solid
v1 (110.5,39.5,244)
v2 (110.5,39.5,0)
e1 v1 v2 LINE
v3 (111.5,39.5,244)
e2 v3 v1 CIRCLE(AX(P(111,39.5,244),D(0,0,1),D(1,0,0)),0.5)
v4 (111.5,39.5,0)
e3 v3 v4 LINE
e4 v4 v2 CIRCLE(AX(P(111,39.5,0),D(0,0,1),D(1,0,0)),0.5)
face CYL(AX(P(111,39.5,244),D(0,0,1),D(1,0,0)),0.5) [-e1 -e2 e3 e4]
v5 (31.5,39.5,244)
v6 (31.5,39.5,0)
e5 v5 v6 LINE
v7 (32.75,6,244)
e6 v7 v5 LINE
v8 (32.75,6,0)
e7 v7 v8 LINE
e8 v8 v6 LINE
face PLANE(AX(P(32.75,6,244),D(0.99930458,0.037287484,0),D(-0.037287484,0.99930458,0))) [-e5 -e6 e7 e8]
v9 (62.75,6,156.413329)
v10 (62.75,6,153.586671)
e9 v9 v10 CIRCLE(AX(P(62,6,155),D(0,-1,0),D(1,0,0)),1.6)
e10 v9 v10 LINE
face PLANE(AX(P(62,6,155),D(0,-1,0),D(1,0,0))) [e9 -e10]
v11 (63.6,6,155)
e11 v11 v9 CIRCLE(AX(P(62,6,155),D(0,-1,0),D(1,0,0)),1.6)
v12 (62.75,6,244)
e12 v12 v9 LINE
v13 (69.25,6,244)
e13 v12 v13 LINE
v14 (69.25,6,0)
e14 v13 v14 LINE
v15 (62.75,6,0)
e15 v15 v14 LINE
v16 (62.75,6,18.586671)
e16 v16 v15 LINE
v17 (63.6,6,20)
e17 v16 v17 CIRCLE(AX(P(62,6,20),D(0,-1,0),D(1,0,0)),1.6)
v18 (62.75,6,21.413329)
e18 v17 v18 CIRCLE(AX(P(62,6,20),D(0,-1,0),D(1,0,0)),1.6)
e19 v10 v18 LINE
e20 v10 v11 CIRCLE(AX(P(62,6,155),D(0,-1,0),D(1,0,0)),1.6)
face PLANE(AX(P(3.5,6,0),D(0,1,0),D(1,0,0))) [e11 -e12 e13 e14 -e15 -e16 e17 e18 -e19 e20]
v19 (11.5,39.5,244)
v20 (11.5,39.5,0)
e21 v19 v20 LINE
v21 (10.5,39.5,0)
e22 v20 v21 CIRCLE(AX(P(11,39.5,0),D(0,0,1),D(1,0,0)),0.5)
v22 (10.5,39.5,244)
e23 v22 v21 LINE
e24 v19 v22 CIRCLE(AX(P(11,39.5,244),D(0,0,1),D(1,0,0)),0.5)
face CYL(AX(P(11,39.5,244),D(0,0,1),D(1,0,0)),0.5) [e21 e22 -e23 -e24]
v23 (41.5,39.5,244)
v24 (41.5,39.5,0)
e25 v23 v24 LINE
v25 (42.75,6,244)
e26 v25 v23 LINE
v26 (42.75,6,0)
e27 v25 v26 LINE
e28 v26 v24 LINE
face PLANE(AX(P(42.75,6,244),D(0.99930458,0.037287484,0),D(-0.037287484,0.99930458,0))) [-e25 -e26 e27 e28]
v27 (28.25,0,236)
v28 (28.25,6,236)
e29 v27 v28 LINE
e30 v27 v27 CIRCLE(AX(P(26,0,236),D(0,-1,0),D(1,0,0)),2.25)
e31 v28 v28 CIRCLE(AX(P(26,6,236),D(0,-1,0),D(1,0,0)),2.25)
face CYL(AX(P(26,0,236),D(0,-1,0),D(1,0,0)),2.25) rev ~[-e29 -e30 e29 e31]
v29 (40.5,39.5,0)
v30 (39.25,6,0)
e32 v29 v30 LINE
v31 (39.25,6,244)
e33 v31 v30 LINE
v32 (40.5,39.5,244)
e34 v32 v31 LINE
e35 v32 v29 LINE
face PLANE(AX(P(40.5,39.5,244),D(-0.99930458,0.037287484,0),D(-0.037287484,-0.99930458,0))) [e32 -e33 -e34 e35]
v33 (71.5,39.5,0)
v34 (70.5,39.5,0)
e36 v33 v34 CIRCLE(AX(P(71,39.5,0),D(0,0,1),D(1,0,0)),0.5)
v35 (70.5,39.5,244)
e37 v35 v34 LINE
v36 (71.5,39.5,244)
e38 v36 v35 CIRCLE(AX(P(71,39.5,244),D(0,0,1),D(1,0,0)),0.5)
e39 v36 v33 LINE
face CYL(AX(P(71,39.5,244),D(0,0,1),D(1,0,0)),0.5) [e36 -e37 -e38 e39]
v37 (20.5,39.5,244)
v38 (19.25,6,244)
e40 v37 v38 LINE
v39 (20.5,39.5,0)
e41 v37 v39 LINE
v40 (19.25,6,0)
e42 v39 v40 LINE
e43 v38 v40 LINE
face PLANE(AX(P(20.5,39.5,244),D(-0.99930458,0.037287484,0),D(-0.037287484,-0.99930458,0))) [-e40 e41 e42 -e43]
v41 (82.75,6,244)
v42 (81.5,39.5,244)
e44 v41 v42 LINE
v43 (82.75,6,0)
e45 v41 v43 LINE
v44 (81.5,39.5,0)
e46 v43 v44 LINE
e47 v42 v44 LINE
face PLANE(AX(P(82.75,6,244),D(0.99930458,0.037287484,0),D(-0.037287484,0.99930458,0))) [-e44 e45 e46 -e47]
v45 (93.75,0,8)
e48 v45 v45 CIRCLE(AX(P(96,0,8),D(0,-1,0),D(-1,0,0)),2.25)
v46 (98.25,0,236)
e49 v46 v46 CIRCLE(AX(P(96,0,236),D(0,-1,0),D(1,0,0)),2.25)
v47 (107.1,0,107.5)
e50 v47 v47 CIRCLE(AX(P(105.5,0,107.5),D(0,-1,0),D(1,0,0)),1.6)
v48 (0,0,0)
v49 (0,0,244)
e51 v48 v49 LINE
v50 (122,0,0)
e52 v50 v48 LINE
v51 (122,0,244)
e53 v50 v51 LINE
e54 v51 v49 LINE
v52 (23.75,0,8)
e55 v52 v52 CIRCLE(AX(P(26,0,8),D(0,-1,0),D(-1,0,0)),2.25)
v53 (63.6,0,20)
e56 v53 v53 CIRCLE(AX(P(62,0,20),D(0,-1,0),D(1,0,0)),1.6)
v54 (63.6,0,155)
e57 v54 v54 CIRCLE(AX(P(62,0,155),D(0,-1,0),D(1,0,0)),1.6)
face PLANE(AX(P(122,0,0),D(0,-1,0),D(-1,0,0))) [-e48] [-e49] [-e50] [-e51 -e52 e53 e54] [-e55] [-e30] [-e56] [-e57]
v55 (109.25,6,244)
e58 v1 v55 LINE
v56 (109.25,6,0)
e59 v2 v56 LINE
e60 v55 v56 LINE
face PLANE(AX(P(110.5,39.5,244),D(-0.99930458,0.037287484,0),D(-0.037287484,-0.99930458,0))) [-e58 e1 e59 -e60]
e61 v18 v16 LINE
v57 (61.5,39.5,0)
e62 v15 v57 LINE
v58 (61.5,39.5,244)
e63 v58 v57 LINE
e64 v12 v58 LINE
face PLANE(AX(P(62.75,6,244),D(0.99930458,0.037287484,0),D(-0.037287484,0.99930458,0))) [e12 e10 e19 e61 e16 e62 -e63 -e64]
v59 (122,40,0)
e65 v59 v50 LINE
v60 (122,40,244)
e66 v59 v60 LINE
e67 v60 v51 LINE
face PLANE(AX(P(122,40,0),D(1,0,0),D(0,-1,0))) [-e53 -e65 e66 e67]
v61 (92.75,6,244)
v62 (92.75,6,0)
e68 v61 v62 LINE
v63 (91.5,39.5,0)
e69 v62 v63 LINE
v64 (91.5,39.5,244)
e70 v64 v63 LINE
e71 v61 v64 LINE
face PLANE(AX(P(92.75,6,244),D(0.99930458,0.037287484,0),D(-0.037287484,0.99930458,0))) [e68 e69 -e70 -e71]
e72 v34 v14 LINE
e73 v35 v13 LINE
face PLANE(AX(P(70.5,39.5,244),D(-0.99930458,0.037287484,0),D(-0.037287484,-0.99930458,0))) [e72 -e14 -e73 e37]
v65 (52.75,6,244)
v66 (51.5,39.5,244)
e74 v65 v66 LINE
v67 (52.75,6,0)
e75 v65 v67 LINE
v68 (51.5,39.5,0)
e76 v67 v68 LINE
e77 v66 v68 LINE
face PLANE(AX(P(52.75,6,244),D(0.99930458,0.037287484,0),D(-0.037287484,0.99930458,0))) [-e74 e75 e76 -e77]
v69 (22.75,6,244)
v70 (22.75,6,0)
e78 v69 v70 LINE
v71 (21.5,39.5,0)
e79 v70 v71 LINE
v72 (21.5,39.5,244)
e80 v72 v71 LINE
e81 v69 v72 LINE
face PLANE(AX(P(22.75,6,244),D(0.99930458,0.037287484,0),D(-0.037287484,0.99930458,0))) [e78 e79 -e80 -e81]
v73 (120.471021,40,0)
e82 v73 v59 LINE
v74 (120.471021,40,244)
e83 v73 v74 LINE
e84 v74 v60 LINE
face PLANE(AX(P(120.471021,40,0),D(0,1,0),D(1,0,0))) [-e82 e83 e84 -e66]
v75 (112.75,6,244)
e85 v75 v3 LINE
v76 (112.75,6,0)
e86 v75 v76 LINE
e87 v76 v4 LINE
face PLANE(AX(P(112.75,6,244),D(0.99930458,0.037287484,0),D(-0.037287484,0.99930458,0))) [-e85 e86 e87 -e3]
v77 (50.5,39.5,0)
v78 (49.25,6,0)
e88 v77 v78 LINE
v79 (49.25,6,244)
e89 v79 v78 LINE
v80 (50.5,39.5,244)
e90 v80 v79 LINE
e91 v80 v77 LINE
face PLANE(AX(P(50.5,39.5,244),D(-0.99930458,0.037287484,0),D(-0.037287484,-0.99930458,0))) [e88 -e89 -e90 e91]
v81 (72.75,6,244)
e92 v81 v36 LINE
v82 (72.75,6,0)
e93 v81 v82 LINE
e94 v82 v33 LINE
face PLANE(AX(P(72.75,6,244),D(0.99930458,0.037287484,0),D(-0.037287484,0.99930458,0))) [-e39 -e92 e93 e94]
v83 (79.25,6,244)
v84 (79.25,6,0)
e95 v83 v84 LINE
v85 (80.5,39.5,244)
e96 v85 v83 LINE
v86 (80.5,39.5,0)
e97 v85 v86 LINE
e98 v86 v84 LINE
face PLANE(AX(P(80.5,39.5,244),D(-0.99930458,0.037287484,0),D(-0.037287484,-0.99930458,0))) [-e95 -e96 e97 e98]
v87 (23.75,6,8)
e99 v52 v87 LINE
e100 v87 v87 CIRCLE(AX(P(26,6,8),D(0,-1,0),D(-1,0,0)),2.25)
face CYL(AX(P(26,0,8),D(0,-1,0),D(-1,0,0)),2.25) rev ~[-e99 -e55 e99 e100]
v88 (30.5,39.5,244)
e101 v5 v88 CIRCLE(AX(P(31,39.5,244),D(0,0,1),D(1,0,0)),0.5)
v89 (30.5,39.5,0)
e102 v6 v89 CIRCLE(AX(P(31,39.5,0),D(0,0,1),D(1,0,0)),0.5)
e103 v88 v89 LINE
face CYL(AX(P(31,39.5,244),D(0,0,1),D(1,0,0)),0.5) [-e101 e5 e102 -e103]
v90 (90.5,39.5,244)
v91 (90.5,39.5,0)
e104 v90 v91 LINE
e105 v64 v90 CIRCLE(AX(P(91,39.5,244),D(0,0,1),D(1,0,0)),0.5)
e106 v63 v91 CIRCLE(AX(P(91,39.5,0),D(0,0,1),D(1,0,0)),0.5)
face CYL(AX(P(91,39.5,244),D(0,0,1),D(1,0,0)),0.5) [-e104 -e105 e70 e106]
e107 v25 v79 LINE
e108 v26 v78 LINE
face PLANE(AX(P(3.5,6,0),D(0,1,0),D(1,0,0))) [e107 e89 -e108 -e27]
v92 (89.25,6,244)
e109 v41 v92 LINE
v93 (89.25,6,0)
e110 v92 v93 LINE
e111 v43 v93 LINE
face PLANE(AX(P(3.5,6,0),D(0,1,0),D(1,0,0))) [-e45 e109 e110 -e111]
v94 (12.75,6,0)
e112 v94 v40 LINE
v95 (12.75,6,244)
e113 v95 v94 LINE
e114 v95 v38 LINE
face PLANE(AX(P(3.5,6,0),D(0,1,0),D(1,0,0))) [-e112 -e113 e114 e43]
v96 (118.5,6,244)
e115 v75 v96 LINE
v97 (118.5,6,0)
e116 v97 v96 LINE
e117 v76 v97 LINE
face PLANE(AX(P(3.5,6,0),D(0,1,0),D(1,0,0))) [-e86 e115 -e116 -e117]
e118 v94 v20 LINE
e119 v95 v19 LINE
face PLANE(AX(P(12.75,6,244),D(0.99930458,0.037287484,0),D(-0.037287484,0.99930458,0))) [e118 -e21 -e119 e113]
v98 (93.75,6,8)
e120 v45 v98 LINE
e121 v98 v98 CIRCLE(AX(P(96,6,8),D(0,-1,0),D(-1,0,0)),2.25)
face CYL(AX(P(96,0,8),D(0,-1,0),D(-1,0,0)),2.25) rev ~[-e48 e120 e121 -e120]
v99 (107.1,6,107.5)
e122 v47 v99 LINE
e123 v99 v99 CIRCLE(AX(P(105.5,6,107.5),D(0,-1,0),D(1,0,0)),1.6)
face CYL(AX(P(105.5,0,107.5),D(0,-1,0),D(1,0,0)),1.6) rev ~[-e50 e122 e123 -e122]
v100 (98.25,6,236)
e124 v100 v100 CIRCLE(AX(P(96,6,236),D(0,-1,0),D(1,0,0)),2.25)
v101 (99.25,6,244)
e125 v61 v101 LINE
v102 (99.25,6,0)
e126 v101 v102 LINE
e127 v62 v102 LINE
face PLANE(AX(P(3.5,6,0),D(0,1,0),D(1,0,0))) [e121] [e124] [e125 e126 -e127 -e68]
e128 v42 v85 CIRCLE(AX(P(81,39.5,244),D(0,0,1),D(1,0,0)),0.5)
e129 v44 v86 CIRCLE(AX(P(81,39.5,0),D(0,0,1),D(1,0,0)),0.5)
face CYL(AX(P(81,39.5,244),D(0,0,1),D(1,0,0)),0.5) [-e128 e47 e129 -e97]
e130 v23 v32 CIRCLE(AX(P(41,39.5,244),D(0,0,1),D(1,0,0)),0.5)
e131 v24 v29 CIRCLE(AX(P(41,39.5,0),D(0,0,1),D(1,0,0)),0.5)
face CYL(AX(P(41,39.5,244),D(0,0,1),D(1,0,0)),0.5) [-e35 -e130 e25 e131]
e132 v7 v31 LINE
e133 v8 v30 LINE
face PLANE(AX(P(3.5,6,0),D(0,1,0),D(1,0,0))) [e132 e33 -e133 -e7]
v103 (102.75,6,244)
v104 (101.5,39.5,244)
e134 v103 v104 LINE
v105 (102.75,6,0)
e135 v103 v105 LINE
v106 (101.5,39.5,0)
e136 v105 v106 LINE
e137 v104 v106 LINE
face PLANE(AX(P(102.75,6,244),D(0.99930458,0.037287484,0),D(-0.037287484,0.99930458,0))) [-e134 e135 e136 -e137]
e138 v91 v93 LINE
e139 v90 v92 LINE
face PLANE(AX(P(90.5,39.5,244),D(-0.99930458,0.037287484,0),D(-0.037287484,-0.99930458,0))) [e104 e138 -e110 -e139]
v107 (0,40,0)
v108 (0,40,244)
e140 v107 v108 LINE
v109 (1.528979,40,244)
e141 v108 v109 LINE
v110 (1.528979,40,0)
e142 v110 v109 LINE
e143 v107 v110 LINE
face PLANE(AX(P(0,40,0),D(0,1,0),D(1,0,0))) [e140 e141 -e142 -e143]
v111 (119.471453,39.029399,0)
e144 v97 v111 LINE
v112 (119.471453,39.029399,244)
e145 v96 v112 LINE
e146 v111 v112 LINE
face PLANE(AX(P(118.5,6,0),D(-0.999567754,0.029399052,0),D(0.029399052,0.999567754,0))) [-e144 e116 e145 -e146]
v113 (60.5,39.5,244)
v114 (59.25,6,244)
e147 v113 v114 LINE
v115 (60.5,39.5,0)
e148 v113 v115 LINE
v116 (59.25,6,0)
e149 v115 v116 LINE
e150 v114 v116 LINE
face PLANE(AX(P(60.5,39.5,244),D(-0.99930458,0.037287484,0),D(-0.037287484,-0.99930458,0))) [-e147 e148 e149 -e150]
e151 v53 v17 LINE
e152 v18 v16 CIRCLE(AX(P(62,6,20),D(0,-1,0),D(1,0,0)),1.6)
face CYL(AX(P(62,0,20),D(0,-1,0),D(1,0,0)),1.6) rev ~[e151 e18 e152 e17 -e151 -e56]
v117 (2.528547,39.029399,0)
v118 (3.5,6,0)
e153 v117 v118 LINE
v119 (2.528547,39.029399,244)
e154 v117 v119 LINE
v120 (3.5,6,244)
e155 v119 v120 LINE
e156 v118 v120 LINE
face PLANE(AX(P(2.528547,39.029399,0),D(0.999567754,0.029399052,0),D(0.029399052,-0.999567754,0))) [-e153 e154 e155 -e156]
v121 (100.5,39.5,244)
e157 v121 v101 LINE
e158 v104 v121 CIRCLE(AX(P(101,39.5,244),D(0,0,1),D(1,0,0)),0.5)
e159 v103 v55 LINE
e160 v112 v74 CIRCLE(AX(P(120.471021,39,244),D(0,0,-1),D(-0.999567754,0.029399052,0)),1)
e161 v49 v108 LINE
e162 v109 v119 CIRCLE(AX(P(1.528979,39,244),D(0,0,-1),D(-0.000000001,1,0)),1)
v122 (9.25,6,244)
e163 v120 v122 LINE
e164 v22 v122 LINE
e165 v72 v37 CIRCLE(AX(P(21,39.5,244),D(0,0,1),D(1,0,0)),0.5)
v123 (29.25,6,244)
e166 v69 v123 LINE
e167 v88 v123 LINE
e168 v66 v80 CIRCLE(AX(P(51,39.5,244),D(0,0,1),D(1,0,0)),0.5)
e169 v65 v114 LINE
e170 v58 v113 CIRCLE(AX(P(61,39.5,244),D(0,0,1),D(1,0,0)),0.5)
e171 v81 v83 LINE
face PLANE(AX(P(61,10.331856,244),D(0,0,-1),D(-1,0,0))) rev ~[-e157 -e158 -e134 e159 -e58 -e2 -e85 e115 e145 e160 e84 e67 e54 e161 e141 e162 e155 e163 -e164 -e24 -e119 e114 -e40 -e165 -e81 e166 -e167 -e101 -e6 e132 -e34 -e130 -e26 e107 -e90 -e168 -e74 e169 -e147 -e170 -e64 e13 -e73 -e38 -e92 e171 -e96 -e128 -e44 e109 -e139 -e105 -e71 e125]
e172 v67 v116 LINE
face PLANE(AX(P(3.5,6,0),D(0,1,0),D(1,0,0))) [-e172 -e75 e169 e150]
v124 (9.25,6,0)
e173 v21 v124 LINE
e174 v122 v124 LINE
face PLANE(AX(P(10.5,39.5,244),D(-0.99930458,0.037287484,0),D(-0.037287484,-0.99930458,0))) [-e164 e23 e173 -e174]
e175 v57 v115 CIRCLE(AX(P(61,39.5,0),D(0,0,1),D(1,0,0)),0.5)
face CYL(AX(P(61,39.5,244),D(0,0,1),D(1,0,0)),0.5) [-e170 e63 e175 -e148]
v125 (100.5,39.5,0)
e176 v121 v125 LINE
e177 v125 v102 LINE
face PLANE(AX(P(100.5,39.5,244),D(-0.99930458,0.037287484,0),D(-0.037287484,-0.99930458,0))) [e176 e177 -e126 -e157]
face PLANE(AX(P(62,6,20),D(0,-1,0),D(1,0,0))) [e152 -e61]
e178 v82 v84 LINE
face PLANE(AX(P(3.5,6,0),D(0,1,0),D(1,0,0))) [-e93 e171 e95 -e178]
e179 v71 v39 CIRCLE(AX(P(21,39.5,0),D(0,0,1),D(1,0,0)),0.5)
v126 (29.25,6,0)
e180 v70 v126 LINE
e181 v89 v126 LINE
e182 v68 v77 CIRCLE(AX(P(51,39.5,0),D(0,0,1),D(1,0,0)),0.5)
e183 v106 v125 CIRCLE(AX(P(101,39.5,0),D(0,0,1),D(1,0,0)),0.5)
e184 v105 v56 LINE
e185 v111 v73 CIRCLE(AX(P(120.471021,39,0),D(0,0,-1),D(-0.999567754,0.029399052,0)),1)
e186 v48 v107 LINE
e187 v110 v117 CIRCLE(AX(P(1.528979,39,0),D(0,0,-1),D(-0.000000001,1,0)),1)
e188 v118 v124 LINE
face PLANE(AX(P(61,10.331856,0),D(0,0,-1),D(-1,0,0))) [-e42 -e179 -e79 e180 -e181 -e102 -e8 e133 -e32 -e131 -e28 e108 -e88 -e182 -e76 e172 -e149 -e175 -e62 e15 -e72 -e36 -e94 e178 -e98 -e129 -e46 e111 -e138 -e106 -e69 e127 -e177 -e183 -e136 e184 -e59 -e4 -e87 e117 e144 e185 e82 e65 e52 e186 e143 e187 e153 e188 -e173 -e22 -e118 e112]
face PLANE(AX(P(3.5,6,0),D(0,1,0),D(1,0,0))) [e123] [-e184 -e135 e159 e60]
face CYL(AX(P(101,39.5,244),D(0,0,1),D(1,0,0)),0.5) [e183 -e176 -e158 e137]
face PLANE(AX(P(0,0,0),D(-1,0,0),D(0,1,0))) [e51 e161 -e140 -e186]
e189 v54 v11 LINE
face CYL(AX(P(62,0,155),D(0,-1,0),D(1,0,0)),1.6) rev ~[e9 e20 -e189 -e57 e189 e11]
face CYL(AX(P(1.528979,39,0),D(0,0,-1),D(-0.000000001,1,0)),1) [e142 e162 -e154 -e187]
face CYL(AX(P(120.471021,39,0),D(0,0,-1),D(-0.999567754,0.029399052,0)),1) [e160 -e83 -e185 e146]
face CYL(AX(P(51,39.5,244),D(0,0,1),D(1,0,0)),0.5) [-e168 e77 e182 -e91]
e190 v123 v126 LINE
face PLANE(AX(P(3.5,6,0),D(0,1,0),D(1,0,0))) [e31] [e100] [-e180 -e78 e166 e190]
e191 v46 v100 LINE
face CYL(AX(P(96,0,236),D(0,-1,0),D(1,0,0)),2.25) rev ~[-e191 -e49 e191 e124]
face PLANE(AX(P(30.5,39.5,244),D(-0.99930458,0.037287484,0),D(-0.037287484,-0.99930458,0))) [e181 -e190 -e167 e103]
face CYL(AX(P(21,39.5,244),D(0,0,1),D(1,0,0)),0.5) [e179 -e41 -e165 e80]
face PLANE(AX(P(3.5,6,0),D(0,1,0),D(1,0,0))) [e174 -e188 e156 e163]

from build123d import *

# Parameters (mm, degrees)
EXTRUDE_1_DEPTH       = 244
EXTRUDE_3_DEPTH       = 244
PATTERN_CURVE_1_COUNT = 11
PATTERN_CURVE_1_PITCH = 10
SKETCH_3_R            = 2.25
CUT_EXTRUDE_1_DEPTH   = 6
SKETCH_4_R            = 1.6
CUT_EXTRUDE_2_DEPTH   = 6


with BuildPart() as part:
    # Эскиз1 → Вытянуть1 (new body)
    with BuildSketch(Plane.XY):
        with BuildLine():
            Line((0, 40), (1.528979332, 40))
            ThreePointArc((1.528979332, 40), (2.225614441, 39.717425624), (2.528547087, 39.029399052))
            Line((2.528547087, 39.029399052), (3.5, 6))
            Line((3.5, 6), (118.5, 6))
            Line((118.5, 6), (119.471452913, 39.029399052))
            ThreePointArc((119.471452913, 39.029399052), (119.774385559, 39.717425624), (120.471020668, 40))
            Line((120.471020668, 40), (122, 40))
            Line((122, 40), (122, 0))
            Line((122, 0), (0, 0))
            Line((0, 0), (0, 40))
        make_face()
    extrude(amount=EXTRUDE_1_DEPTH)

    # Эскиз2 → Вытянуть3 (add)
    with BuildSketch(Plane.XY.offset(244)):
        with BuildLine():
            Line((10.5, 39.5), (9.25, 6))
            Line((9.25, 6), (12.75, 6))
            Line((12.75, 6), (11.5, 39.5))
            ThreePointArc((11.5, 39.5), (11, 40), (10.5, 39.5))
        make_face()
    extrude_3 = extrude(amount=-EXTRUDE_3_DEPTH)

    # Кривая1: Вытянуть3 ×11
    with Locations(*[(i * PATTERN_CURVE_1_PITCH, 0, 0) for i in range(1, PATTERN_CURVE_1_COUNT)]):
        add(extrude_3)

    # Эскиз3 → Вырез-Вытянуть1 (cut)
    with BuildSketch(Plane.XZ):
        with Locations((26, 236)):
            Circle(SKETCH_3_R)
        with Locations((96, 236)):
            Circle(SKETCH_3_R)
        with Locations(Location((96, 8, 0), (0, 0, 180))):
            Circle(SKETCH_3_R)
        with Locations(Location((26, 8, 0), (0, 0, 180))):
            Circle(SKETCH_3_R)
    extrude(amount=-CUT_EXTRUDE_1_DEPTH, mode=Mode.SUBTRACT)

    # Эскиз4 → Вырез-Вытянуть2 (cut)
    with BuildSketch(Plane(origin=(147.933613103, 0, 237.946321054), x_dir=(-1, 0, 0), z_dir=(0, -1, 0))):
        with Locations(Location((42.433613103, 130.446321054, 0), (0, 0, 180))):
            Circle(SKETCH_4_R)
        with Locations(Location((85.933613103, 217.946321054, 0), (0, 0, 180))):
            Circle(SKETCH_4_R)
        with Locations(Location((85.933613103, 82.946321054, 0), (0, 0, 180))):
            Circle(SKETCH_4_R)
    extrude(amount=-CUT_EXTRUDE_2_DEPTH, mode=Mode.SUBTRACT)


solid = part.part
